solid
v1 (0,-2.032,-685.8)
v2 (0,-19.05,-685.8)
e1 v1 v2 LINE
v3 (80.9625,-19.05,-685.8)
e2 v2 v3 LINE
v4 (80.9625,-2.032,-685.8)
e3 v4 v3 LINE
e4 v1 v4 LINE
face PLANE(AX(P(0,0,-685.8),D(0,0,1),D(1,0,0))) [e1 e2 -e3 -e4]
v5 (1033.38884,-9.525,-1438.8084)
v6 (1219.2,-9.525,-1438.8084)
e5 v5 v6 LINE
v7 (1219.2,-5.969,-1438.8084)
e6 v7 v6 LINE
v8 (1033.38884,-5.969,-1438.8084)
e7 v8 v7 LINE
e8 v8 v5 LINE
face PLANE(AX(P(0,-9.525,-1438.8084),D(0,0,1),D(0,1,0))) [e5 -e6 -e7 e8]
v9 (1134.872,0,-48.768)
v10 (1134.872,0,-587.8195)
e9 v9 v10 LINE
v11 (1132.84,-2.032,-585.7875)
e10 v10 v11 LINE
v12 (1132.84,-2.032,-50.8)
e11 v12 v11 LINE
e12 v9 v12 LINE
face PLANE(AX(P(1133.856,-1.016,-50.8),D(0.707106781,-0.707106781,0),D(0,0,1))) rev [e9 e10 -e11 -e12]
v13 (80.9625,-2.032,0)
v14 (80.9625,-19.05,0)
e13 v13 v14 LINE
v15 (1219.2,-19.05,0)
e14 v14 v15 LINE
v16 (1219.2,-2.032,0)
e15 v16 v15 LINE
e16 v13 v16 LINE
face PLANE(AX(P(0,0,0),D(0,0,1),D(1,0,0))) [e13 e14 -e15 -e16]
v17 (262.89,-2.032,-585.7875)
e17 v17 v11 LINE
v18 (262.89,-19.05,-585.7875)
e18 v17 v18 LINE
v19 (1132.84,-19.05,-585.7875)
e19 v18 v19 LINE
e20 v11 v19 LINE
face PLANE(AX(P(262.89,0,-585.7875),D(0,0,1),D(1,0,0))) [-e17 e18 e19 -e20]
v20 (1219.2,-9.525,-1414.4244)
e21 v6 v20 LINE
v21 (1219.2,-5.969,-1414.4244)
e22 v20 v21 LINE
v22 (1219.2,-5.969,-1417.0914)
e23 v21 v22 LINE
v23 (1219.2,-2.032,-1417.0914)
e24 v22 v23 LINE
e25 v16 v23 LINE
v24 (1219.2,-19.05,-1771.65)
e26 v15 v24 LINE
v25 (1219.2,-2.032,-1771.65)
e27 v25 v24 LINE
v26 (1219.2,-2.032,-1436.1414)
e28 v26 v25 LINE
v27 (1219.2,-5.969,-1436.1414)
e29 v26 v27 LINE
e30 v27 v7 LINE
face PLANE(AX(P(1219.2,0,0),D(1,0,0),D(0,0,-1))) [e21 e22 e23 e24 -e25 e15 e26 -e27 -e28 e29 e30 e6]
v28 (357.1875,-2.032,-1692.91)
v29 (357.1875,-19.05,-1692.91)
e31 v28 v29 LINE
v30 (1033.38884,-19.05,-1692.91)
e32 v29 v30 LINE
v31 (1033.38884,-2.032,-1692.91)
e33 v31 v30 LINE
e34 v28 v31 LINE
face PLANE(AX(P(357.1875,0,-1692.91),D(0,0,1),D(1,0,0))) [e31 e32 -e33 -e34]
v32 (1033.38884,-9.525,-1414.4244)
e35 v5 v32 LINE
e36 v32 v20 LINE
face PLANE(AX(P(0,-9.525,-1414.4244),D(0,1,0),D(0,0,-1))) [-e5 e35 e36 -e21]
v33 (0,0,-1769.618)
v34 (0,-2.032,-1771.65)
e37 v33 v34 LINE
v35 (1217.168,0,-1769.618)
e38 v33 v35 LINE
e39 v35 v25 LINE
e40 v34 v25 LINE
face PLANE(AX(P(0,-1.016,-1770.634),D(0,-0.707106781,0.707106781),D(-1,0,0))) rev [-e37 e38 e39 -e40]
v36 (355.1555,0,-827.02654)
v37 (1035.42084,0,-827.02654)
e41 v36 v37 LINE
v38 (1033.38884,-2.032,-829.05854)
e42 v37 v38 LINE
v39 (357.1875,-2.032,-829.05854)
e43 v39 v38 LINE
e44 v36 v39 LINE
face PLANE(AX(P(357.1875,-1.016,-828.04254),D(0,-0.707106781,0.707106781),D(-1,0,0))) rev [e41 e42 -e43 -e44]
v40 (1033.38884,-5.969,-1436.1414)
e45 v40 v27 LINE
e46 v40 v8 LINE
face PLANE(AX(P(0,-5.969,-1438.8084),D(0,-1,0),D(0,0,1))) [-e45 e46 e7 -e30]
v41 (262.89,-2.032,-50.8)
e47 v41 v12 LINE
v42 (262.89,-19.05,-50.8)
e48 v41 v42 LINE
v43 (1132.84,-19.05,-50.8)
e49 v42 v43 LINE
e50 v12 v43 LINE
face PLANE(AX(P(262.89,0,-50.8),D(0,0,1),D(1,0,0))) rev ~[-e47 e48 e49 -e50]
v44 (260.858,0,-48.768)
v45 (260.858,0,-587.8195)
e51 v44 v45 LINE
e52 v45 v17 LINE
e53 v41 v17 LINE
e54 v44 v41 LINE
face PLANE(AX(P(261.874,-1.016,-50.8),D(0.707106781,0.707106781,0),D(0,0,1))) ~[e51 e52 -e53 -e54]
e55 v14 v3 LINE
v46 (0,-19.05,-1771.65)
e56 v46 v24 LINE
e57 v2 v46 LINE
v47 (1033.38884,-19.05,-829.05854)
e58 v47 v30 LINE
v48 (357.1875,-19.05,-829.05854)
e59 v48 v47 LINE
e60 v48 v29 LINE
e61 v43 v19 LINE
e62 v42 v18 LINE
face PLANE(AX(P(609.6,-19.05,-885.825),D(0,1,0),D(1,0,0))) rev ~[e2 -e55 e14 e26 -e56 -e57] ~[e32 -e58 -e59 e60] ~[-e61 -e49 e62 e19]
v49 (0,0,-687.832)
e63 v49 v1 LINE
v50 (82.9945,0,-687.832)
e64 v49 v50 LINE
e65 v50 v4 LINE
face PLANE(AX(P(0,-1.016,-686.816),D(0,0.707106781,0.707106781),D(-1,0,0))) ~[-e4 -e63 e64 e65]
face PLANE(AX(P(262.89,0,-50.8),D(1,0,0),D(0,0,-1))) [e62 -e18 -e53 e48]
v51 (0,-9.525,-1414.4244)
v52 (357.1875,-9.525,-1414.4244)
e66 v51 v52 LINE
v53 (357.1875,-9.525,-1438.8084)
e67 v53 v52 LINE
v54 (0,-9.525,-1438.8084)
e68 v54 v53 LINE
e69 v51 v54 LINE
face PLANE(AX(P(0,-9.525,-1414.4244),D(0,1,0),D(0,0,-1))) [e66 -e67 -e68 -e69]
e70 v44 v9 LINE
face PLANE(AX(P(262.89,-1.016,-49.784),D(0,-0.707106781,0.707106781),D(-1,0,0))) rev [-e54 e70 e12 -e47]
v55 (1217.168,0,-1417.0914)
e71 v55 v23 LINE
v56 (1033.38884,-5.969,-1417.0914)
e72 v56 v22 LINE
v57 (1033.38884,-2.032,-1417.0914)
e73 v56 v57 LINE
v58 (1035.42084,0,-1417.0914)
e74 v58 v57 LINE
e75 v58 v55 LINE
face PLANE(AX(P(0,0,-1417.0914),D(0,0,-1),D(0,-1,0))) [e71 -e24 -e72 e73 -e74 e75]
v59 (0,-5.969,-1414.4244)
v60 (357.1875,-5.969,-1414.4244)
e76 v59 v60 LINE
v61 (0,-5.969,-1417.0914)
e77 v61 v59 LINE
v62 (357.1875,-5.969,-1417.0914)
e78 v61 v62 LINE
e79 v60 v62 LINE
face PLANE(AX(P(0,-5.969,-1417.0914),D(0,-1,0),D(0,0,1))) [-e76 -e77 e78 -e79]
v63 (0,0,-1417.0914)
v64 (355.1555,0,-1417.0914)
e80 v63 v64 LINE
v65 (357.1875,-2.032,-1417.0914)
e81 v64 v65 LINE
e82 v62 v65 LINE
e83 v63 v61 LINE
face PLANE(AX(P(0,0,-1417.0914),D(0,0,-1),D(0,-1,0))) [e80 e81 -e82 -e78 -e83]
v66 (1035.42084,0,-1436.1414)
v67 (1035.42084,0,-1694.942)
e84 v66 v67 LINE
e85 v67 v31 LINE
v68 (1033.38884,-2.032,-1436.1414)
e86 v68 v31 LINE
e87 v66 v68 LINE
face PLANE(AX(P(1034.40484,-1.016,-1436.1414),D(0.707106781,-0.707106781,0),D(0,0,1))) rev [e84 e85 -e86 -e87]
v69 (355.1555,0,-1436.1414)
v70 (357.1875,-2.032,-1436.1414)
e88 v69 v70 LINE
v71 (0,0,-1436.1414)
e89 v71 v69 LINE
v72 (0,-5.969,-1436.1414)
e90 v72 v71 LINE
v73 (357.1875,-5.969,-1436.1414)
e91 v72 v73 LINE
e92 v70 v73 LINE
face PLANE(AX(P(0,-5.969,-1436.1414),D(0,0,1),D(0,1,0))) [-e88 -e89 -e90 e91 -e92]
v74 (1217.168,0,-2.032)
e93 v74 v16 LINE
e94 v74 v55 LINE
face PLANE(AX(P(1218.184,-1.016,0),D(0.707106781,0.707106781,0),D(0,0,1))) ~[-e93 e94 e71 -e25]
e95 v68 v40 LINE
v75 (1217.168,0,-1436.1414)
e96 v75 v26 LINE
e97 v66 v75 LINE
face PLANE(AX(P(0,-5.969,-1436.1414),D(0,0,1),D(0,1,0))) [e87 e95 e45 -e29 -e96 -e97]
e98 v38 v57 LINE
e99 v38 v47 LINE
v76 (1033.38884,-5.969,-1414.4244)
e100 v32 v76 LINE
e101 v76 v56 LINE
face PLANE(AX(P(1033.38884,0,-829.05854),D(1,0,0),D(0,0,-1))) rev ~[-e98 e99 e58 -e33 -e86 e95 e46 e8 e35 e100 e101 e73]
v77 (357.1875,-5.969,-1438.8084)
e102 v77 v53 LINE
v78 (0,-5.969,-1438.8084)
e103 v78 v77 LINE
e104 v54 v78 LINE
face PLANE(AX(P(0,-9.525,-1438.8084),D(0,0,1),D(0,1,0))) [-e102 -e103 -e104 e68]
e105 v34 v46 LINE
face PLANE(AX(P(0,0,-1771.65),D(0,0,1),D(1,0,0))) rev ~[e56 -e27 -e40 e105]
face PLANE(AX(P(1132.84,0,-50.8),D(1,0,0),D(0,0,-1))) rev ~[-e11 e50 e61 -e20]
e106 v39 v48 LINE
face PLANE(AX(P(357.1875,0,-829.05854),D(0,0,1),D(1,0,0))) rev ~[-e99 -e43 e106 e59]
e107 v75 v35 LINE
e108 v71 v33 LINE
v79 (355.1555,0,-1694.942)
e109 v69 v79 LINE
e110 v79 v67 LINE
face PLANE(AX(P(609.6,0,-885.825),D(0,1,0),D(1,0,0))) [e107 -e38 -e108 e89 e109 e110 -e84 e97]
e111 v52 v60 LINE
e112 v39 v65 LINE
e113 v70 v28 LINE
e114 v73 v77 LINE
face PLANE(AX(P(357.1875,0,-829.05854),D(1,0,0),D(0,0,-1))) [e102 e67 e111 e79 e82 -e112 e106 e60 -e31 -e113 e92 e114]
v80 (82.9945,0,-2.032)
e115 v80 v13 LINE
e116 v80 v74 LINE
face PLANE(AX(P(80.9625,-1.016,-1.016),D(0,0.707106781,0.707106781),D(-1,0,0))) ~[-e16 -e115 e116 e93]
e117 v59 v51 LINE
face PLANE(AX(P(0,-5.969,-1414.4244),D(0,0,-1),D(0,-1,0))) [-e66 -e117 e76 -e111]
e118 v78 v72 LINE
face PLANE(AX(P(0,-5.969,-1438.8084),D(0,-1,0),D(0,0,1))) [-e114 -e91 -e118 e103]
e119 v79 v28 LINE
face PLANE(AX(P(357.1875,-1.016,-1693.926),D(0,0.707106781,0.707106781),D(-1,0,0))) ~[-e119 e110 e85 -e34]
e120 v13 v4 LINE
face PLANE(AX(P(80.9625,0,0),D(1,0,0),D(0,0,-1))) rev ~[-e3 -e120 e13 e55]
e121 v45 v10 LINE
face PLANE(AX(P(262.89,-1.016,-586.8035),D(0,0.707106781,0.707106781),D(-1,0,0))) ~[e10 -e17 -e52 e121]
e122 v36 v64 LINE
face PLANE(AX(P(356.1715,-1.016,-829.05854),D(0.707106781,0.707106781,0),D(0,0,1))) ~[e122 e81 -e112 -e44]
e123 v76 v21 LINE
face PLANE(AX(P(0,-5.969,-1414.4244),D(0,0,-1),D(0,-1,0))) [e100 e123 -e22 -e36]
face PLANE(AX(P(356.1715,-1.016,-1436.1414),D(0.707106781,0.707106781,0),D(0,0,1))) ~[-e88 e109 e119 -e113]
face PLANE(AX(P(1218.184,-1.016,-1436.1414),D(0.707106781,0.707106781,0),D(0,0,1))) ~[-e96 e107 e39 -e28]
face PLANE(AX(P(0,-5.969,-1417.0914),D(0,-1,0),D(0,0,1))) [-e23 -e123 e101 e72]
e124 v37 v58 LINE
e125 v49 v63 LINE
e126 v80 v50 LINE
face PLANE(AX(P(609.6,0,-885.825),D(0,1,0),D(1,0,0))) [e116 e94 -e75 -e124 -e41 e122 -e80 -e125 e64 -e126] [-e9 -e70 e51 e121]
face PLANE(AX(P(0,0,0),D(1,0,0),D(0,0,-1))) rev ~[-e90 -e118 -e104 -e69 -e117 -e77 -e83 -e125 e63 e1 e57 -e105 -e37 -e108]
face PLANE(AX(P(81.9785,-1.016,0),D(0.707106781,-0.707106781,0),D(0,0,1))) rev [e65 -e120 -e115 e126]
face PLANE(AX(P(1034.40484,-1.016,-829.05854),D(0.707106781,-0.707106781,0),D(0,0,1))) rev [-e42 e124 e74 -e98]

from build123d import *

# Parameters (mm, degrees)
SKETCH1_W           = 1219.2
SKETCH1_H           = 1771.65
BOSS_EXTRUDE1_DEPTH = 19.05
SKETCH2_W           = 869.95
SKETCH2_H           = 534.9875
CUT_EXTRUDE1_DEPTH  = 20.05
SKETCH3_W           = 80.9625
SKETCH3_H           = 685.8
CUT_EXTRUDE2_DEPTH  = 20.05
SKETCH4_W           = 676.20134
SKETCH4_H           = 863.85146
CUT_EXTRUDE3_DEPTH  = 20.05
CUT_EXTRUDE4_DEPTH  = 1220.2
CHAMFER1_SIZE       = 2.032


with BuildPart() as part:
    # Sketch1 → Boss-Extrude1 (new body)
    with BuildSketch(Plane(origin=(0, 0, 0), x_dir=(1, 0, 0), z_dir=(0, 1, 0))):
        with Locations((609.6, 885.825)):
            Rectangle(SKETCH1_W, SKETCH1_H)
    extrude(amount=-BOSS_EXTRUDE1_DEPTH)

    # Sketch2 → Cut-Extrude1 (cut, through all)
    with BuildSketch(Plane(origin=(0, 0, 0), x_dir=(1, 0, 0), z_dir=(0, 1, 0))):
        with Locations((697.865, 318.29375)):
            Rectangle(SKETCH2_W, SKETCH2_H)
    extrude(amount=-CUT_EXTRUDE1_DEPTH, mode=Mode.SUBTRACT)

    # Sketch3 → Cut-Extrude2 (cut, through all)
    with BuildSketch(Plane(origin=(0, 0, 0), x_dir=(1, 0, 0), z_dir=(0, 1, 0))):
        with Locations((40.48125, 342.9)):
            Rectangle(SKETCH3_W, SKETCH3_H)
    extrude(amount=-CUT_EXTRUDE2_DEPTH, mode=Mode.SUBTRACT)

    # Sketch4 → Cut-Extrude3 (cut, through all)
    with BuildSketch(Plane(origin=(0, 0, 0), x_dir=(1, 0, 0), z_dir=(0, 1, 0))):
        with Locations((695.28817, 1260.98427)):
            Rectangle(SKETCH4_W, SKETCH4_H)
    extrude(amount=-CUT_EXTRUDE3_DEPTH, mode=Mode.SUBTRACT)

    # Sketch5 → Cut-Extrude4 (cut, through all)
    with BuildSketch(Plane.ZY):
        Polygon((-1436.1414, 0), (-1417.0914, 0), (-1417.0914, -5.969), (-1414.4244, -5.969), (-1414.4244, -9.525), (-1438.8084, -9.525), (-1438.8084, -5.969), (-1436.1414, -5.969), align=None)
    extrude(amount=-CUT_EXTRUDE4_DEPTH, mode=Mode.SUBTRACT)

    # Chamfer1
    chamfer1_edges = [part.edges().sort_by_distance(p)[0] for p in [
        (1132.84, 0, -318.29375),
        (697.865, 0, -585.7875),
        (262.89, 0, -318.29375),
        (697.865, 0, -50.8),
        (650.08125, 0, 0),
        (80.9625, 0, -342.9),
        (40.48125, 0, -685.8),
        (1033.38884, 0, -1123.07497),
        (695.28817, 0, -1692.91),
        (357.1875, 0, -1564.5257),
        (695.28817, 0, -829.05854),
        (609.6, 0, -1771.65),
        (1219.2, 0, -708.5457),
        (357.1875, 0, -1123.07497),
        (1033.38884, 0, -1564.5257),
        (1219.2, 0, -1603.8957),
    ]]
    chamfer(chamfer1_edges, length=CHAMFER1_SIZE)


solid = part.part
